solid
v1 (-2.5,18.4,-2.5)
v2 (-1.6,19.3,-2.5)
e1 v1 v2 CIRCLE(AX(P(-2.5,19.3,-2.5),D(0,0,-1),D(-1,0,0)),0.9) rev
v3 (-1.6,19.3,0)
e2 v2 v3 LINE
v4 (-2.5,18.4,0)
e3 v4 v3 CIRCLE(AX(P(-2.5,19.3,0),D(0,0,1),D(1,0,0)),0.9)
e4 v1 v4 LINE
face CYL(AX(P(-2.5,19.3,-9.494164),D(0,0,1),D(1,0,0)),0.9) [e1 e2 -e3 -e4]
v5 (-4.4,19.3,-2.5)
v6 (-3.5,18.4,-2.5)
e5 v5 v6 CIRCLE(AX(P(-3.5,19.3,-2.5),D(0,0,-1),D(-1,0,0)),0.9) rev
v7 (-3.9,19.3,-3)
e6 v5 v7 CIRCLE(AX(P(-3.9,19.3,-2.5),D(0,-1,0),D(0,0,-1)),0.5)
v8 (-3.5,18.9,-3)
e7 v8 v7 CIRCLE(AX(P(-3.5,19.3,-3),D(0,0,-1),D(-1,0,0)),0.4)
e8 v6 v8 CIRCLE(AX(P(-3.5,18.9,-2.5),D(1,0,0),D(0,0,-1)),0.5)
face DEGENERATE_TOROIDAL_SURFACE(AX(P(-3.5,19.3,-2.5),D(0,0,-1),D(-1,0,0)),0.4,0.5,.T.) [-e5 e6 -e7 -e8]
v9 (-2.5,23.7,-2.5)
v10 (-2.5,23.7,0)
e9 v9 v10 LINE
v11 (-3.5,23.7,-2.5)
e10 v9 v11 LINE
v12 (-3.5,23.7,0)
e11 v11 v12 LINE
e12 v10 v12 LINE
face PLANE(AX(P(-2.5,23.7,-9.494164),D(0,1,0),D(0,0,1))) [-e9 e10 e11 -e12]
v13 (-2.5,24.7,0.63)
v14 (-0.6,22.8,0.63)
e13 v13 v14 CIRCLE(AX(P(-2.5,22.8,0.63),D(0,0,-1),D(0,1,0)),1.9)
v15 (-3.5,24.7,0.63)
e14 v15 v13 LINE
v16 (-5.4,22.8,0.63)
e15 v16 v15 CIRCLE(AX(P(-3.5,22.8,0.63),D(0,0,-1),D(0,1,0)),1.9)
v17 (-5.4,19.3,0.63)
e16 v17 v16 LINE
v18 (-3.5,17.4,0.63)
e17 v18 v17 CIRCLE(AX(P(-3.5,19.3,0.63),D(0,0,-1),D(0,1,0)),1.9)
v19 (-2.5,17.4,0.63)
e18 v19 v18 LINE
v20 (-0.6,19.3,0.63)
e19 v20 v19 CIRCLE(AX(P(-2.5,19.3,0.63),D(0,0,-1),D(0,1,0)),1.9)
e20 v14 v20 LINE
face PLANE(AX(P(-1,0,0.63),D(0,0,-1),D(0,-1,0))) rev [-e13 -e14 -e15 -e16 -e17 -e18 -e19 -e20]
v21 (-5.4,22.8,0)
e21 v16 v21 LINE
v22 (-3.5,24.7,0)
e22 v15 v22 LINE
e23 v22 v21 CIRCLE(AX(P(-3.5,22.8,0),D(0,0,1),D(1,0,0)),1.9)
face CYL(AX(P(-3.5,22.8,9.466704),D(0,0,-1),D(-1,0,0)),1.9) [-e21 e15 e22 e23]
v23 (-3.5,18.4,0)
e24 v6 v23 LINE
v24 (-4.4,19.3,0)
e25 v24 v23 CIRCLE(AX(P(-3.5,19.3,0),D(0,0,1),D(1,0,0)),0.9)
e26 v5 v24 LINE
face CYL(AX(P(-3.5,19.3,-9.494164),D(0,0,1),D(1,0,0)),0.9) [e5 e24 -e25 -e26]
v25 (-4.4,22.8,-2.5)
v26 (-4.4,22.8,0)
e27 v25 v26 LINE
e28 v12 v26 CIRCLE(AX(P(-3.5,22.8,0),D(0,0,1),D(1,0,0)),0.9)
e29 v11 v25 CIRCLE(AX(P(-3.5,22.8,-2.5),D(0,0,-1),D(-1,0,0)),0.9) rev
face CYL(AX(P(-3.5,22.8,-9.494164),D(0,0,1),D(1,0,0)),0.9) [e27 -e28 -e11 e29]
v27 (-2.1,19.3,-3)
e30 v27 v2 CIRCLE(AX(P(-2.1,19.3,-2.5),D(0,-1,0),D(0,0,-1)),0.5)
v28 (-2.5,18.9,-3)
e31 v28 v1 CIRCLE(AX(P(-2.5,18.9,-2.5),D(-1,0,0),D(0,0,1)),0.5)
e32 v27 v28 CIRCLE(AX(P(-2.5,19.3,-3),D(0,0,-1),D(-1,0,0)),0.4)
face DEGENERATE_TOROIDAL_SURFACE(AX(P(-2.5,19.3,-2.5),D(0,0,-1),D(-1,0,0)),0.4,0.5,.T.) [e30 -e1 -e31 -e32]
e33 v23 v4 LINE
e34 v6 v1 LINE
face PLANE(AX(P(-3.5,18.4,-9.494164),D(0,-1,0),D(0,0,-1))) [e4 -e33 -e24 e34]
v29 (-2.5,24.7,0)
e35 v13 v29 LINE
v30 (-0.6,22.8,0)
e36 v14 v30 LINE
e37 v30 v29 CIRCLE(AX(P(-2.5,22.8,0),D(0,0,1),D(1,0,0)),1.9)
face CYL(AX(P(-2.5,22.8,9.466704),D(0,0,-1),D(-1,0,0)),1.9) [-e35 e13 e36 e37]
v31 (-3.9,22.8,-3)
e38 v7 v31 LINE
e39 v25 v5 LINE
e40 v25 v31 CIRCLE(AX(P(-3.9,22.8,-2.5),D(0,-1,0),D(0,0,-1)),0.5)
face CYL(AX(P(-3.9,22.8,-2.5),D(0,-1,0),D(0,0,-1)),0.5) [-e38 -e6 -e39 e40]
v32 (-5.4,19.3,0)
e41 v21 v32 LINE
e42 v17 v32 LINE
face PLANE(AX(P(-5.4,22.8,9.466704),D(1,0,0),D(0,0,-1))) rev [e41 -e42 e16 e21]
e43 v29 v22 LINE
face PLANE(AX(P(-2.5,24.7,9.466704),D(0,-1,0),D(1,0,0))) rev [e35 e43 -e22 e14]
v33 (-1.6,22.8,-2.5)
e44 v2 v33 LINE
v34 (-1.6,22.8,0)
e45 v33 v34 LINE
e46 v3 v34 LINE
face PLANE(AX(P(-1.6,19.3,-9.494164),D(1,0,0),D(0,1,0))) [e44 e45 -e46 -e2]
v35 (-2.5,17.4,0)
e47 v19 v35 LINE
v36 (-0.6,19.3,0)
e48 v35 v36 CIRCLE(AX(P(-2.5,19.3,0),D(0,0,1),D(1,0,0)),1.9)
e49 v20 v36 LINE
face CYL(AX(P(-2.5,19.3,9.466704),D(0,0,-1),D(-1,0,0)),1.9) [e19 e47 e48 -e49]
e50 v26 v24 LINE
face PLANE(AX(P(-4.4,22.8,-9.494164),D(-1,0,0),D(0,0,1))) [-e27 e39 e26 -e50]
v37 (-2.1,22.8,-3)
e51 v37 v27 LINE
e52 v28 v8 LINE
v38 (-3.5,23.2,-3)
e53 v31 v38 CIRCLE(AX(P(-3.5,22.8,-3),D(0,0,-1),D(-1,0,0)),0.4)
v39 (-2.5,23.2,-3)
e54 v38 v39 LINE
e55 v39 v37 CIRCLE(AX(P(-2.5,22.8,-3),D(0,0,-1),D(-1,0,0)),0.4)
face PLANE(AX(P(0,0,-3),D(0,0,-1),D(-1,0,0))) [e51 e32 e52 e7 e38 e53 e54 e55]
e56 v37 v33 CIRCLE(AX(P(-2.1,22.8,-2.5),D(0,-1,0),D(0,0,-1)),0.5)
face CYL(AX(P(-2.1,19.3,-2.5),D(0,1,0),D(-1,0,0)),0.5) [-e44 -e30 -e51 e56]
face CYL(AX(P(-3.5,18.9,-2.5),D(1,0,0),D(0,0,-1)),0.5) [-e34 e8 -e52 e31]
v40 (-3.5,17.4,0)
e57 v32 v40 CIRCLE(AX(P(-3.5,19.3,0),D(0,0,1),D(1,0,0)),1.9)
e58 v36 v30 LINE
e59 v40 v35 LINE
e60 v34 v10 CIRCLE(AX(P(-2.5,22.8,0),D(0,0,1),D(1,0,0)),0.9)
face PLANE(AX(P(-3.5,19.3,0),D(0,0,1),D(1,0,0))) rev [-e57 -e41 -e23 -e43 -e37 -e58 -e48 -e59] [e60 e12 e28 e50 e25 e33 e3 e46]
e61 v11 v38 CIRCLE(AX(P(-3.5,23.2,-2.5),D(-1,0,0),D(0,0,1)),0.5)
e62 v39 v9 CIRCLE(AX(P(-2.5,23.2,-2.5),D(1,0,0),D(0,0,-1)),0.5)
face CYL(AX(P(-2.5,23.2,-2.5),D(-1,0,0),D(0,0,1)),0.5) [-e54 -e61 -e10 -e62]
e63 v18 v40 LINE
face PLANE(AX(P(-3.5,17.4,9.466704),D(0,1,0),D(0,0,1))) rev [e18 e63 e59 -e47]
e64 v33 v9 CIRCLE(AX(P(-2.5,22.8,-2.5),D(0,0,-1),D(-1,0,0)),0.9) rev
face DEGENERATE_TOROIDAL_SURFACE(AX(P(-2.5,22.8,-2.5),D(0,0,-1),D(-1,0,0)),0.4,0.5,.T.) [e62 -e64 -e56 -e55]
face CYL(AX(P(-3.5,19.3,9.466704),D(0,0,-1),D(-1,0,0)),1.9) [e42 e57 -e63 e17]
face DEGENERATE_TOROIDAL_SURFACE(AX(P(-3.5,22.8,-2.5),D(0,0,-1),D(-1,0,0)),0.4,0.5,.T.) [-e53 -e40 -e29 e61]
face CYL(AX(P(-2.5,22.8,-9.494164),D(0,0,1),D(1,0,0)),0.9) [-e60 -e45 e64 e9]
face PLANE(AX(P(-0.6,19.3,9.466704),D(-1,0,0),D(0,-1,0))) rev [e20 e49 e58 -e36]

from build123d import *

# Parameters (mm, degrees)
BOSS_EXTRUDE1_DEPTH = 3
BOSS_EXTRUDE2_DEPTH = 0.63
FILLET1_R           = 0.5


with BuildPart() as part:
    # Sketch1 → Boss-Extrude1 (new body)
    with BuildSketch(Plane.XY):
        with BuildLine():
            Line((-3.5, 18.4), (-2.5, 18.4))
            ThreePointArc((-2.5, 18.4), (-1.863603897, 18.663603897), (-1.6, 19.3))
            Line((-1.6, 19.3), (-1.6, 22.8))
            ThreePointArc((-1.6, 22.8), (-1.863603897, 23.436396103), (-2.5, 23.7))
            Line((-2.5, 23.7), (-3.5, 23.7))
            ThreePointArc((-3.5, 23.7), (-4.136396103, 23.436396103), (-4.4, 22.8))
            Line((-4.4, 22.8), (-4.4, 19.3))
            ThreePointArc((-4.4, 19.3), (-4.136396103, 18.663603897), (-3.5, 18.4))
        make_face()
    extrude(amount=-BOSS_EXTRUDE1_DEPTH)

    # Sketch2 → Boss-Extrude2 (add)
    with BuildSketch(Plane.XY):
        with BuildLine():
            Line((-3.5, 17.4), (-2.5, 17.4))
            ThreePointArc((-2.5, 17.4), (-1.156497116, 17.956497116), (-0.6, 19.3))
            Line((-0.6, 19.3), (-0.6, 22.8))
            ThreePointArc((-0.6, 22.8), (-1.156497116, 24.143502884), (-2.5, 24.7))
            Line((-2.5, 24.7), (-3.5, 24.7))
            ThreePointArc((-3.5, 24.7), (-4.843502884, 24.143502884), (-5.4, 22.8))
            Line((-5.4, 22.8), (-5.4, 19.3))
            ThreePointArc((-5.4, 19.3), (-4.843502884, 17.956497116), (-3.5, 17.4))
        make_face()
    extrude(amount=BOSS_EXTRUDE2_DEPTH)

    # Fillet1
    fillet1_edges = [part.edges().sort_by_distance(p)[0] for p in [
        (-3, 18.4, -3),
        (-1.863603897, 18.663603897, -3),
        (-1.6, 21.05, -3),
        (-1.863603897, 23.436396103, -3),
        (-3, 23.7, -3),
        (-4.136396103, 23.436396103, -3),
        (-4.4, 21.05, -3),
        (-4.136396103, 18.663603897, -3),
    ]]
    fillet(fillet1_edges, radius=FILLET1_R)


solid = part.part
